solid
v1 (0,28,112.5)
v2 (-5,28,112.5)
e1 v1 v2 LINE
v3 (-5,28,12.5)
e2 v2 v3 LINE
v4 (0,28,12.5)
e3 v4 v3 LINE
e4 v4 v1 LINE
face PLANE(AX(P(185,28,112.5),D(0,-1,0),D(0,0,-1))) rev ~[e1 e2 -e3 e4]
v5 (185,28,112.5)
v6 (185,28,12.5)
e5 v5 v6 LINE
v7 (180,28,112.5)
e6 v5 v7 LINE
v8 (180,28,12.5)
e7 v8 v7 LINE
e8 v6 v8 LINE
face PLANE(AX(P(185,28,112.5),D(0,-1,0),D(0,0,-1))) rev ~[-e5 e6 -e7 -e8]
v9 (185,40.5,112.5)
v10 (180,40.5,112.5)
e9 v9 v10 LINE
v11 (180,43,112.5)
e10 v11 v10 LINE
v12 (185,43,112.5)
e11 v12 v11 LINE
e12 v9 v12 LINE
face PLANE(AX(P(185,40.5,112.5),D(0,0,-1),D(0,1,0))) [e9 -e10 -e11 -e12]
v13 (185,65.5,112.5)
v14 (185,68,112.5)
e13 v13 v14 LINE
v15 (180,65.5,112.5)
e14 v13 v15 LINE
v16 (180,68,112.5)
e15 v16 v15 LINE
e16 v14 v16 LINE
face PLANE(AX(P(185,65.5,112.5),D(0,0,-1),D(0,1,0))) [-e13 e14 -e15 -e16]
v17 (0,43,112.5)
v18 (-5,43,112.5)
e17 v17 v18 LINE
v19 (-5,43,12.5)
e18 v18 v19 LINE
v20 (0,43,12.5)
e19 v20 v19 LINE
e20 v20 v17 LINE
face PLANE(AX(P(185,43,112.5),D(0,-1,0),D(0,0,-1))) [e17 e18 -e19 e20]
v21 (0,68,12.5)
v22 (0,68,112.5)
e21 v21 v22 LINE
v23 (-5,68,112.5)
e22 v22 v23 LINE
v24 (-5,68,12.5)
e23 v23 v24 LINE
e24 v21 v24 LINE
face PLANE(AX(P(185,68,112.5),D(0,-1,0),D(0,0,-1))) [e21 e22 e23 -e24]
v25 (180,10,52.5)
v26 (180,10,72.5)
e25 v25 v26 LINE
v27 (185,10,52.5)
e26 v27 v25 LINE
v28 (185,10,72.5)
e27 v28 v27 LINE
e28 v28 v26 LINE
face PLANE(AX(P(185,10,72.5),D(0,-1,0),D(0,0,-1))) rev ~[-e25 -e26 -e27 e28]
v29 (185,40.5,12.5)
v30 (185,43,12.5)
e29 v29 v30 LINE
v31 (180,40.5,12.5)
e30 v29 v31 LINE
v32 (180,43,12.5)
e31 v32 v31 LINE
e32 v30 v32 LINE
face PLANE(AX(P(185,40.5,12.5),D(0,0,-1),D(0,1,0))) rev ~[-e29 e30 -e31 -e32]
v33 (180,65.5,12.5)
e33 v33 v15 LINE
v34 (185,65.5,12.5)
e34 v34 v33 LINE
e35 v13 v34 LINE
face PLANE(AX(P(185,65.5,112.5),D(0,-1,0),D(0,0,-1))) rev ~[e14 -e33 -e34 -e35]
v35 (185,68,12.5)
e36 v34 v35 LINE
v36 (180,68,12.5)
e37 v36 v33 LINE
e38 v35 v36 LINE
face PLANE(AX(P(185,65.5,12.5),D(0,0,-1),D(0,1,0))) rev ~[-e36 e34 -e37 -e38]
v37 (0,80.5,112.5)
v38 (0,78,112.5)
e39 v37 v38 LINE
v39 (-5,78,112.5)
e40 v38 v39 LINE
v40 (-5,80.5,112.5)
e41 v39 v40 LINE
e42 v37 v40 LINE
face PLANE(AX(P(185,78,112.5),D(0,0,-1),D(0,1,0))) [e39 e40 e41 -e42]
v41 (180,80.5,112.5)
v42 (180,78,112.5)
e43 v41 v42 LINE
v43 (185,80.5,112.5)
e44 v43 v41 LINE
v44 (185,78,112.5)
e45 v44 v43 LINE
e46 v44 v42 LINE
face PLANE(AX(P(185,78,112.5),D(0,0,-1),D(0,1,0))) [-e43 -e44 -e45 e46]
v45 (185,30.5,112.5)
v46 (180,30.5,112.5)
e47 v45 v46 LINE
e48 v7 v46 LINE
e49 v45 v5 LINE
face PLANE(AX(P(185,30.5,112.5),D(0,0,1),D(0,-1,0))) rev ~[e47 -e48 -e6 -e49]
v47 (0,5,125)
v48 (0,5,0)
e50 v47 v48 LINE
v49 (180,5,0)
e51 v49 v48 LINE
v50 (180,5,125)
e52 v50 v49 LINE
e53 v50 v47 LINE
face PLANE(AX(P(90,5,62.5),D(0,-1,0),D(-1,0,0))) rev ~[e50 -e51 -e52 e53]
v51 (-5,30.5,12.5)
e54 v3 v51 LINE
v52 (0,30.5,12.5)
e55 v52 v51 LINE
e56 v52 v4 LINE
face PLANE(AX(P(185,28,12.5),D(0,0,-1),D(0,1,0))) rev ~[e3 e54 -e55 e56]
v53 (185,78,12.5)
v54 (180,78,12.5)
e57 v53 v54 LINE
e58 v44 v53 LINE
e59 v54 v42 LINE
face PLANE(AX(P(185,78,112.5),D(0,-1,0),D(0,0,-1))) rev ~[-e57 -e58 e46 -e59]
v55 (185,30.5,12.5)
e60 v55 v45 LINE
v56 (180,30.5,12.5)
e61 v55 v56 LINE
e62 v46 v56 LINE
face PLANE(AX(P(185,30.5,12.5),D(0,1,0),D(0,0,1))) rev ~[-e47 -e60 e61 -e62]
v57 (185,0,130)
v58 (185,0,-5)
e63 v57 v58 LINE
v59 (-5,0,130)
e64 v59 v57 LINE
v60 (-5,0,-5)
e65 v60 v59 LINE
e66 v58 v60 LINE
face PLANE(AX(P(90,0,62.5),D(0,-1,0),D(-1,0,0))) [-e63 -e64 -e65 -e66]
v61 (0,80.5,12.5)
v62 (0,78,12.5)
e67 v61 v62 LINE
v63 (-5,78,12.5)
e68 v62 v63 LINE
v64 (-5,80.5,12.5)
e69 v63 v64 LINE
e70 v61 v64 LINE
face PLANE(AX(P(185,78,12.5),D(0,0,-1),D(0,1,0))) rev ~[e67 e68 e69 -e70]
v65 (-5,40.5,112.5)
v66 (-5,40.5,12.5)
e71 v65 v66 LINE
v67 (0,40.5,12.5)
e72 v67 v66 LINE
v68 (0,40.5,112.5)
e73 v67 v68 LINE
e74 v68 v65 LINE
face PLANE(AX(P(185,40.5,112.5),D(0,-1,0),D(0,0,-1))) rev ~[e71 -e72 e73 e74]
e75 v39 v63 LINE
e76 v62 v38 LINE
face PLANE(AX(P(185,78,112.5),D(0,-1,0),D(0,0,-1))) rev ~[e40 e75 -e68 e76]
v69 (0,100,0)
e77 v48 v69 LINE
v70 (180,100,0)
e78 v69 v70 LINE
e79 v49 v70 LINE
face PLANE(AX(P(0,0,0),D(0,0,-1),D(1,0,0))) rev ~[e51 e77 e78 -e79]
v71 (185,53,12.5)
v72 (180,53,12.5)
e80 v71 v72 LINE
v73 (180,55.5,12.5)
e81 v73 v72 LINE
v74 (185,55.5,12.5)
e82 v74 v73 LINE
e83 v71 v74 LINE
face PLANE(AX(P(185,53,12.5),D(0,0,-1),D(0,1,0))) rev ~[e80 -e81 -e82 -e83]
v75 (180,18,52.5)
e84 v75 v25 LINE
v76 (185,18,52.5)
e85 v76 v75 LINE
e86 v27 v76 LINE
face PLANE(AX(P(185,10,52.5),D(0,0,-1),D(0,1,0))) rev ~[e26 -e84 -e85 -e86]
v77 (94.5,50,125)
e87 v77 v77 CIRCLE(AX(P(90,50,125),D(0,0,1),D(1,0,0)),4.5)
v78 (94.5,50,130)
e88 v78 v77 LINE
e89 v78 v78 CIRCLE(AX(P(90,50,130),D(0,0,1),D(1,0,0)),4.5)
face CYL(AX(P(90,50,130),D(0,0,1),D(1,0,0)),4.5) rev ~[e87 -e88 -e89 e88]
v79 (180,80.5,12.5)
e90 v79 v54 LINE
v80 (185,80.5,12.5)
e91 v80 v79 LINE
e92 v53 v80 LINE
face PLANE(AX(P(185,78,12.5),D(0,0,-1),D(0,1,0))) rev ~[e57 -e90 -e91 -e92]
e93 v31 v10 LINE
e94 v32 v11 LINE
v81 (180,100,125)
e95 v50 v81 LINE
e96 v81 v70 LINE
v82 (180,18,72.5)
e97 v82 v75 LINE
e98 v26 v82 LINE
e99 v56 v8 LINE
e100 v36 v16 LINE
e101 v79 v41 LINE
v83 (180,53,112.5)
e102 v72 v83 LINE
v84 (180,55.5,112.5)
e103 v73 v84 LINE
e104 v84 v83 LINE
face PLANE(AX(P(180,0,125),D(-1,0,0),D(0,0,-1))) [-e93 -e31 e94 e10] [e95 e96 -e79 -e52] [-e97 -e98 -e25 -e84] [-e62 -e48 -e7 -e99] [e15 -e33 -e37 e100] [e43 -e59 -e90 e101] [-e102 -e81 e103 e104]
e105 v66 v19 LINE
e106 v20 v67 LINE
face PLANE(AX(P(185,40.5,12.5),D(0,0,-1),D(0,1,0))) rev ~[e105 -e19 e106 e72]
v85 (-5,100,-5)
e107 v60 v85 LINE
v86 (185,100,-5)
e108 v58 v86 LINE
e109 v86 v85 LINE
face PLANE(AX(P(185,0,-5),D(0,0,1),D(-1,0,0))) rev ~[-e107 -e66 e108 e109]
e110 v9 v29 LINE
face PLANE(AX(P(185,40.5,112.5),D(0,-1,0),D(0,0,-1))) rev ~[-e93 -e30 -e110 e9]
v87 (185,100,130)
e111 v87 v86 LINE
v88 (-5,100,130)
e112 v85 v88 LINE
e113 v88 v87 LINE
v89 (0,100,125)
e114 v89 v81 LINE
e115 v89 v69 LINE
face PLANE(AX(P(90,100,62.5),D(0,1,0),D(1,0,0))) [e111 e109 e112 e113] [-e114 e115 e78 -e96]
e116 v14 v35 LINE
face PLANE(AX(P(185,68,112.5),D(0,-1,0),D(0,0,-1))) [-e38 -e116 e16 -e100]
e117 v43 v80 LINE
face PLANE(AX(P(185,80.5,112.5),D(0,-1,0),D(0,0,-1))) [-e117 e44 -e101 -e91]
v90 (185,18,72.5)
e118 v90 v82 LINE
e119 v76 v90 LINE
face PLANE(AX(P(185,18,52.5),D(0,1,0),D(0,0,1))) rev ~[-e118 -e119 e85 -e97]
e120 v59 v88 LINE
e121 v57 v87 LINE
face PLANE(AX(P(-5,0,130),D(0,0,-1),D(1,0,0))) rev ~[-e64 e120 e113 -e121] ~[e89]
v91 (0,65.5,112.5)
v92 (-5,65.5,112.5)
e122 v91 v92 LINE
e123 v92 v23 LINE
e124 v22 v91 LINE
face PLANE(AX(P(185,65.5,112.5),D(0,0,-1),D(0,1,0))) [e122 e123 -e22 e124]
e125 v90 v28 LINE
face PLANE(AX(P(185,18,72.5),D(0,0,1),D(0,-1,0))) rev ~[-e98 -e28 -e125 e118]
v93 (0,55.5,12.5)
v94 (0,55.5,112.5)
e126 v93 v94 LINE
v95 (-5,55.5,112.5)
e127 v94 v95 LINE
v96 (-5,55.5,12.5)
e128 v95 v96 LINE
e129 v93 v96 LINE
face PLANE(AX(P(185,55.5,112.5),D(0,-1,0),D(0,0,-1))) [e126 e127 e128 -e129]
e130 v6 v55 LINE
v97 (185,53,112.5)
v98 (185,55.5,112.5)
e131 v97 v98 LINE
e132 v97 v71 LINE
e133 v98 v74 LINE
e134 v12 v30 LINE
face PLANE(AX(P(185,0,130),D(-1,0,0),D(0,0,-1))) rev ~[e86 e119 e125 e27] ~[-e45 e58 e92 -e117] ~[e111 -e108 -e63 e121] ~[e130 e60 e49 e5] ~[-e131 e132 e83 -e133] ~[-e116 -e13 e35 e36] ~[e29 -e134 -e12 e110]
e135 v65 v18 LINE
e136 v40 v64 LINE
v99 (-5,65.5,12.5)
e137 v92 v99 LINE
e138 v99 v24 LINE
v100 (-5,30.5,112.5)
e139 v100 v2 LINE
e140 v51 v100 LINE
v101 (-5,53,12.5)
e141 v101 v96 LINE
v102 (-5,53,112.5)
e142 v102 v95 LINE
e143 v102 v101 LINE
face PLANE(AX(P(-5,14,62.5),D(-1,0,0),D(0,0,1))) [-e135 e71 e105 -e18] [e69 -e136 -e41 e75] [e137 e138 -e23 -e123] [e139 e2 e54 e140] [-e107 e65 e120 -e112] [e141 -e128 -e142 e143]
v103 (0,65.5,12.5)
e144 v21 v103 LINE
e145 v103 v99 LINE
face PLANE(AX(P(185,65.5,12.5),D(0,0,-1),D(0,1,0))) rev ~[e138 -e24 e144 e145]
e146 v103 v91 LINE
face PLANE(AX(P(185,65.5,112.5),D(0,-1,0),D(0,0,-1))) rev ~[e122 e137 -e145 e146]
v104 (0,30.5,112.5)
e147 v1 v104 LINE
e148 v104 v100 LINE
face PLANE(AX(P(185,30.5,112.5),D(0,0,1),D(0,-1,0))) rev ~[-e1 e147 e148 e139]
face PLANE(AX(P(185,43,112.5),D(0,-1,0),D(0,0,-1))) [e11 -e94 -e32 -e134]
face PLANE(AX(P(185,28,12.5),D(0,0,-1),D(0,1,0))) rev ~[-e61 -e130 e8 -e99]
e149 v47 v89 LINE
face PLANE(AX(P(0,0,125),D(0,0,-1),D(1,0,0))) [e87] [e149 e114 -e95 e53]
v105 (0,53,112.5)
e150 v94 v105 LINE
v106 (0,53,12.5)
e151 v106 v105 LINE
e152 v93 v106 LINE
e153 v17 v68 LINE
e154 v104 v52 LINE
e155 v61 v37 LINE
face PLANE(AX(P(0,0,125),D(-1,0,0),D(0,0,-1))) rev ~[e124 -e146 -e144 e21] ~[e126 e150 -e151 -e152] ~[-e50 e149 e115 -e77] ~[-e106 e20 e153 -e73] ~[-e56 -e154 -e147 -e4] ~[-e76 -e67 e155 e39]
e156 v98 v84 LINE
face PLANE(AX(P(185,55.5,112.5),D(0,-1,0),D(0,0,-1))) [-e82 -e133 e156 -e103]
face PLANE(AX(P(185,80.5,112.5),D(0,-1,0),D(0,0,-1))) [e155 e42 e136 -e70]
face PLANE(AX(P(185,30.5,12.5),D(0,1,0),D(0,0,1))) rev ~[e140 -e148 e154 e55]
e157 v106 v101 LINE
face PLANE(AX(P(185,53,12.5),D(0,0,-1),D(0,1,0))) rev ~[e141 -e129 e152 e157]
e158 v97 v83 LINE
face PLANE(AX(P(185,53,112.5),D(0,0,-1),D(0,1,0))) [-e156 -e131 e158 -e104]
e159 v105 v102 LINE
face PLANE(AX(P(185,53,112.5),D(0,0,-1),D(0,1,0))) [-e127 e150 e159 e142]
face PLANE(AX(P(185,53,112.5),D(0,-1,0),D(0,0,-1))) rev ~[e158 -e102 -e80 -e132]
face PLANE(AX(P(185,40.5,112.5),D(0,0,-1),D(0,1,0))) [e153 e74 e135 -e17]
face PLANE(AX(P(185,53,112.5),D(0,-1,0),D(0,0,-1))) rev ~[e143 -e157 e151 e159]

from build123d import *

# Parameters (mm, degrees)
SKETCH1_W           = 180
SKETCH1_H           = 125
BOSS_EXTRUDE1_DEPTH = 100
SKETCH2_W           = 180
SKETCH2_H           = 125
BOSS_EXTRUDE2_DEPTH = 5
SKETCH3_W           = 100
SKETCH3_H           = 2.5
CUT_EXTRUDE1_DEPTH  = 200
SKETCH4_W           = 20
SKETCH4_H           = 8
BOSS_EXTRUDE4_DEPTH = 5
SKETCH5_R           = 4.5
CUT_EXTRUDE2_DEPTH  = 5


with BuildPart() as part:
    # Sketch1 → Boss-Extrude1 (new body)
    with BuildSketch(Plane(origin=(0, 0, 0), x_dir=(1, 0, 0), z_dir=(0, 1, 0))):
        Polygon((185, 5), (0, 5), (-5, 5), (-5, -130), (185, -130), align=None)
        with Locations((90, -62.5)):
            Rectangle(SKETCH1_W, SKETCH1_H, mode=Mode.SUBTRACT)
    extrude(amount=BOSS_EXTRUDE1_DEPTH)

    # Sketch2 → Boss-Extrude2 (add)
    with BuildSketch(Plane(origin=(0, 0, 0), x_dir=(-1, 0, 0), z_dir=(0, -1, 0))):
        with Locations((-90, -62.5)):
            Rectangle(SKETCH2_W, SKETCH2_H)
    extrude(amount=-BOSS_EXTRUDE2_DEPTH)

    # Sketch3 → Cut-Extrude1 (cut)
    with BuildSketch(Plane(origin=(185, 0, 0), x_dir=(0, 0, -1), z_dir=(1, 0, 0))):
        Polygon((-62.5, 10), (-52.5, 10), (-52.5, 18), (-72.5, 18), (-72.5, 10), align=None)
        Polygon((-62.5, 28), (-12.5, 28), (-12.5, 30.5), (-112.5, 30.5), (-112.5, 28), align=None)
        with Locations((-62.5, 41.75)):
            Rectangle(SKETCH3_W, SKETCH3_H)
        with Locations((-62.5, 54.25)):
            Rectangle(SKETCH3_W, SKETCH3_H)
        with Locations((-62.5, 66.75)):
            Rectangle(SKETCH3_W, SKETCH3_H)
        with Locations((-62.5, 79.25)):
            Rectangle(SKETCH3_W, SKETCH3_H)
    extrude(amount=-CUT_EXTRUDE1_DEPTH, mode=Mode.SUBTRACT)

    # Sketch4 → Boss-Extrude4 (add)
    with BuildSketch(Plane.ZY.offset(5)):
        with Locations((62.5, 14)):
            Rectangle(SKETCH4_W, SKETCH4_H)
    extrude(amount=-BOSS_EXTRUDE4_DEPTH)

    # Sketch5 → Cut-Extrude2 (cut)
    with BuildSketch(Plane.XY.offset(130)):
        with Locations((90, 50)):
            Circle(SKETCH5_R)
    extrude(amount=-CUT_EXTRUDE2_DEPTH, mode=Mode.SUBTRACT)


solid = part.part
